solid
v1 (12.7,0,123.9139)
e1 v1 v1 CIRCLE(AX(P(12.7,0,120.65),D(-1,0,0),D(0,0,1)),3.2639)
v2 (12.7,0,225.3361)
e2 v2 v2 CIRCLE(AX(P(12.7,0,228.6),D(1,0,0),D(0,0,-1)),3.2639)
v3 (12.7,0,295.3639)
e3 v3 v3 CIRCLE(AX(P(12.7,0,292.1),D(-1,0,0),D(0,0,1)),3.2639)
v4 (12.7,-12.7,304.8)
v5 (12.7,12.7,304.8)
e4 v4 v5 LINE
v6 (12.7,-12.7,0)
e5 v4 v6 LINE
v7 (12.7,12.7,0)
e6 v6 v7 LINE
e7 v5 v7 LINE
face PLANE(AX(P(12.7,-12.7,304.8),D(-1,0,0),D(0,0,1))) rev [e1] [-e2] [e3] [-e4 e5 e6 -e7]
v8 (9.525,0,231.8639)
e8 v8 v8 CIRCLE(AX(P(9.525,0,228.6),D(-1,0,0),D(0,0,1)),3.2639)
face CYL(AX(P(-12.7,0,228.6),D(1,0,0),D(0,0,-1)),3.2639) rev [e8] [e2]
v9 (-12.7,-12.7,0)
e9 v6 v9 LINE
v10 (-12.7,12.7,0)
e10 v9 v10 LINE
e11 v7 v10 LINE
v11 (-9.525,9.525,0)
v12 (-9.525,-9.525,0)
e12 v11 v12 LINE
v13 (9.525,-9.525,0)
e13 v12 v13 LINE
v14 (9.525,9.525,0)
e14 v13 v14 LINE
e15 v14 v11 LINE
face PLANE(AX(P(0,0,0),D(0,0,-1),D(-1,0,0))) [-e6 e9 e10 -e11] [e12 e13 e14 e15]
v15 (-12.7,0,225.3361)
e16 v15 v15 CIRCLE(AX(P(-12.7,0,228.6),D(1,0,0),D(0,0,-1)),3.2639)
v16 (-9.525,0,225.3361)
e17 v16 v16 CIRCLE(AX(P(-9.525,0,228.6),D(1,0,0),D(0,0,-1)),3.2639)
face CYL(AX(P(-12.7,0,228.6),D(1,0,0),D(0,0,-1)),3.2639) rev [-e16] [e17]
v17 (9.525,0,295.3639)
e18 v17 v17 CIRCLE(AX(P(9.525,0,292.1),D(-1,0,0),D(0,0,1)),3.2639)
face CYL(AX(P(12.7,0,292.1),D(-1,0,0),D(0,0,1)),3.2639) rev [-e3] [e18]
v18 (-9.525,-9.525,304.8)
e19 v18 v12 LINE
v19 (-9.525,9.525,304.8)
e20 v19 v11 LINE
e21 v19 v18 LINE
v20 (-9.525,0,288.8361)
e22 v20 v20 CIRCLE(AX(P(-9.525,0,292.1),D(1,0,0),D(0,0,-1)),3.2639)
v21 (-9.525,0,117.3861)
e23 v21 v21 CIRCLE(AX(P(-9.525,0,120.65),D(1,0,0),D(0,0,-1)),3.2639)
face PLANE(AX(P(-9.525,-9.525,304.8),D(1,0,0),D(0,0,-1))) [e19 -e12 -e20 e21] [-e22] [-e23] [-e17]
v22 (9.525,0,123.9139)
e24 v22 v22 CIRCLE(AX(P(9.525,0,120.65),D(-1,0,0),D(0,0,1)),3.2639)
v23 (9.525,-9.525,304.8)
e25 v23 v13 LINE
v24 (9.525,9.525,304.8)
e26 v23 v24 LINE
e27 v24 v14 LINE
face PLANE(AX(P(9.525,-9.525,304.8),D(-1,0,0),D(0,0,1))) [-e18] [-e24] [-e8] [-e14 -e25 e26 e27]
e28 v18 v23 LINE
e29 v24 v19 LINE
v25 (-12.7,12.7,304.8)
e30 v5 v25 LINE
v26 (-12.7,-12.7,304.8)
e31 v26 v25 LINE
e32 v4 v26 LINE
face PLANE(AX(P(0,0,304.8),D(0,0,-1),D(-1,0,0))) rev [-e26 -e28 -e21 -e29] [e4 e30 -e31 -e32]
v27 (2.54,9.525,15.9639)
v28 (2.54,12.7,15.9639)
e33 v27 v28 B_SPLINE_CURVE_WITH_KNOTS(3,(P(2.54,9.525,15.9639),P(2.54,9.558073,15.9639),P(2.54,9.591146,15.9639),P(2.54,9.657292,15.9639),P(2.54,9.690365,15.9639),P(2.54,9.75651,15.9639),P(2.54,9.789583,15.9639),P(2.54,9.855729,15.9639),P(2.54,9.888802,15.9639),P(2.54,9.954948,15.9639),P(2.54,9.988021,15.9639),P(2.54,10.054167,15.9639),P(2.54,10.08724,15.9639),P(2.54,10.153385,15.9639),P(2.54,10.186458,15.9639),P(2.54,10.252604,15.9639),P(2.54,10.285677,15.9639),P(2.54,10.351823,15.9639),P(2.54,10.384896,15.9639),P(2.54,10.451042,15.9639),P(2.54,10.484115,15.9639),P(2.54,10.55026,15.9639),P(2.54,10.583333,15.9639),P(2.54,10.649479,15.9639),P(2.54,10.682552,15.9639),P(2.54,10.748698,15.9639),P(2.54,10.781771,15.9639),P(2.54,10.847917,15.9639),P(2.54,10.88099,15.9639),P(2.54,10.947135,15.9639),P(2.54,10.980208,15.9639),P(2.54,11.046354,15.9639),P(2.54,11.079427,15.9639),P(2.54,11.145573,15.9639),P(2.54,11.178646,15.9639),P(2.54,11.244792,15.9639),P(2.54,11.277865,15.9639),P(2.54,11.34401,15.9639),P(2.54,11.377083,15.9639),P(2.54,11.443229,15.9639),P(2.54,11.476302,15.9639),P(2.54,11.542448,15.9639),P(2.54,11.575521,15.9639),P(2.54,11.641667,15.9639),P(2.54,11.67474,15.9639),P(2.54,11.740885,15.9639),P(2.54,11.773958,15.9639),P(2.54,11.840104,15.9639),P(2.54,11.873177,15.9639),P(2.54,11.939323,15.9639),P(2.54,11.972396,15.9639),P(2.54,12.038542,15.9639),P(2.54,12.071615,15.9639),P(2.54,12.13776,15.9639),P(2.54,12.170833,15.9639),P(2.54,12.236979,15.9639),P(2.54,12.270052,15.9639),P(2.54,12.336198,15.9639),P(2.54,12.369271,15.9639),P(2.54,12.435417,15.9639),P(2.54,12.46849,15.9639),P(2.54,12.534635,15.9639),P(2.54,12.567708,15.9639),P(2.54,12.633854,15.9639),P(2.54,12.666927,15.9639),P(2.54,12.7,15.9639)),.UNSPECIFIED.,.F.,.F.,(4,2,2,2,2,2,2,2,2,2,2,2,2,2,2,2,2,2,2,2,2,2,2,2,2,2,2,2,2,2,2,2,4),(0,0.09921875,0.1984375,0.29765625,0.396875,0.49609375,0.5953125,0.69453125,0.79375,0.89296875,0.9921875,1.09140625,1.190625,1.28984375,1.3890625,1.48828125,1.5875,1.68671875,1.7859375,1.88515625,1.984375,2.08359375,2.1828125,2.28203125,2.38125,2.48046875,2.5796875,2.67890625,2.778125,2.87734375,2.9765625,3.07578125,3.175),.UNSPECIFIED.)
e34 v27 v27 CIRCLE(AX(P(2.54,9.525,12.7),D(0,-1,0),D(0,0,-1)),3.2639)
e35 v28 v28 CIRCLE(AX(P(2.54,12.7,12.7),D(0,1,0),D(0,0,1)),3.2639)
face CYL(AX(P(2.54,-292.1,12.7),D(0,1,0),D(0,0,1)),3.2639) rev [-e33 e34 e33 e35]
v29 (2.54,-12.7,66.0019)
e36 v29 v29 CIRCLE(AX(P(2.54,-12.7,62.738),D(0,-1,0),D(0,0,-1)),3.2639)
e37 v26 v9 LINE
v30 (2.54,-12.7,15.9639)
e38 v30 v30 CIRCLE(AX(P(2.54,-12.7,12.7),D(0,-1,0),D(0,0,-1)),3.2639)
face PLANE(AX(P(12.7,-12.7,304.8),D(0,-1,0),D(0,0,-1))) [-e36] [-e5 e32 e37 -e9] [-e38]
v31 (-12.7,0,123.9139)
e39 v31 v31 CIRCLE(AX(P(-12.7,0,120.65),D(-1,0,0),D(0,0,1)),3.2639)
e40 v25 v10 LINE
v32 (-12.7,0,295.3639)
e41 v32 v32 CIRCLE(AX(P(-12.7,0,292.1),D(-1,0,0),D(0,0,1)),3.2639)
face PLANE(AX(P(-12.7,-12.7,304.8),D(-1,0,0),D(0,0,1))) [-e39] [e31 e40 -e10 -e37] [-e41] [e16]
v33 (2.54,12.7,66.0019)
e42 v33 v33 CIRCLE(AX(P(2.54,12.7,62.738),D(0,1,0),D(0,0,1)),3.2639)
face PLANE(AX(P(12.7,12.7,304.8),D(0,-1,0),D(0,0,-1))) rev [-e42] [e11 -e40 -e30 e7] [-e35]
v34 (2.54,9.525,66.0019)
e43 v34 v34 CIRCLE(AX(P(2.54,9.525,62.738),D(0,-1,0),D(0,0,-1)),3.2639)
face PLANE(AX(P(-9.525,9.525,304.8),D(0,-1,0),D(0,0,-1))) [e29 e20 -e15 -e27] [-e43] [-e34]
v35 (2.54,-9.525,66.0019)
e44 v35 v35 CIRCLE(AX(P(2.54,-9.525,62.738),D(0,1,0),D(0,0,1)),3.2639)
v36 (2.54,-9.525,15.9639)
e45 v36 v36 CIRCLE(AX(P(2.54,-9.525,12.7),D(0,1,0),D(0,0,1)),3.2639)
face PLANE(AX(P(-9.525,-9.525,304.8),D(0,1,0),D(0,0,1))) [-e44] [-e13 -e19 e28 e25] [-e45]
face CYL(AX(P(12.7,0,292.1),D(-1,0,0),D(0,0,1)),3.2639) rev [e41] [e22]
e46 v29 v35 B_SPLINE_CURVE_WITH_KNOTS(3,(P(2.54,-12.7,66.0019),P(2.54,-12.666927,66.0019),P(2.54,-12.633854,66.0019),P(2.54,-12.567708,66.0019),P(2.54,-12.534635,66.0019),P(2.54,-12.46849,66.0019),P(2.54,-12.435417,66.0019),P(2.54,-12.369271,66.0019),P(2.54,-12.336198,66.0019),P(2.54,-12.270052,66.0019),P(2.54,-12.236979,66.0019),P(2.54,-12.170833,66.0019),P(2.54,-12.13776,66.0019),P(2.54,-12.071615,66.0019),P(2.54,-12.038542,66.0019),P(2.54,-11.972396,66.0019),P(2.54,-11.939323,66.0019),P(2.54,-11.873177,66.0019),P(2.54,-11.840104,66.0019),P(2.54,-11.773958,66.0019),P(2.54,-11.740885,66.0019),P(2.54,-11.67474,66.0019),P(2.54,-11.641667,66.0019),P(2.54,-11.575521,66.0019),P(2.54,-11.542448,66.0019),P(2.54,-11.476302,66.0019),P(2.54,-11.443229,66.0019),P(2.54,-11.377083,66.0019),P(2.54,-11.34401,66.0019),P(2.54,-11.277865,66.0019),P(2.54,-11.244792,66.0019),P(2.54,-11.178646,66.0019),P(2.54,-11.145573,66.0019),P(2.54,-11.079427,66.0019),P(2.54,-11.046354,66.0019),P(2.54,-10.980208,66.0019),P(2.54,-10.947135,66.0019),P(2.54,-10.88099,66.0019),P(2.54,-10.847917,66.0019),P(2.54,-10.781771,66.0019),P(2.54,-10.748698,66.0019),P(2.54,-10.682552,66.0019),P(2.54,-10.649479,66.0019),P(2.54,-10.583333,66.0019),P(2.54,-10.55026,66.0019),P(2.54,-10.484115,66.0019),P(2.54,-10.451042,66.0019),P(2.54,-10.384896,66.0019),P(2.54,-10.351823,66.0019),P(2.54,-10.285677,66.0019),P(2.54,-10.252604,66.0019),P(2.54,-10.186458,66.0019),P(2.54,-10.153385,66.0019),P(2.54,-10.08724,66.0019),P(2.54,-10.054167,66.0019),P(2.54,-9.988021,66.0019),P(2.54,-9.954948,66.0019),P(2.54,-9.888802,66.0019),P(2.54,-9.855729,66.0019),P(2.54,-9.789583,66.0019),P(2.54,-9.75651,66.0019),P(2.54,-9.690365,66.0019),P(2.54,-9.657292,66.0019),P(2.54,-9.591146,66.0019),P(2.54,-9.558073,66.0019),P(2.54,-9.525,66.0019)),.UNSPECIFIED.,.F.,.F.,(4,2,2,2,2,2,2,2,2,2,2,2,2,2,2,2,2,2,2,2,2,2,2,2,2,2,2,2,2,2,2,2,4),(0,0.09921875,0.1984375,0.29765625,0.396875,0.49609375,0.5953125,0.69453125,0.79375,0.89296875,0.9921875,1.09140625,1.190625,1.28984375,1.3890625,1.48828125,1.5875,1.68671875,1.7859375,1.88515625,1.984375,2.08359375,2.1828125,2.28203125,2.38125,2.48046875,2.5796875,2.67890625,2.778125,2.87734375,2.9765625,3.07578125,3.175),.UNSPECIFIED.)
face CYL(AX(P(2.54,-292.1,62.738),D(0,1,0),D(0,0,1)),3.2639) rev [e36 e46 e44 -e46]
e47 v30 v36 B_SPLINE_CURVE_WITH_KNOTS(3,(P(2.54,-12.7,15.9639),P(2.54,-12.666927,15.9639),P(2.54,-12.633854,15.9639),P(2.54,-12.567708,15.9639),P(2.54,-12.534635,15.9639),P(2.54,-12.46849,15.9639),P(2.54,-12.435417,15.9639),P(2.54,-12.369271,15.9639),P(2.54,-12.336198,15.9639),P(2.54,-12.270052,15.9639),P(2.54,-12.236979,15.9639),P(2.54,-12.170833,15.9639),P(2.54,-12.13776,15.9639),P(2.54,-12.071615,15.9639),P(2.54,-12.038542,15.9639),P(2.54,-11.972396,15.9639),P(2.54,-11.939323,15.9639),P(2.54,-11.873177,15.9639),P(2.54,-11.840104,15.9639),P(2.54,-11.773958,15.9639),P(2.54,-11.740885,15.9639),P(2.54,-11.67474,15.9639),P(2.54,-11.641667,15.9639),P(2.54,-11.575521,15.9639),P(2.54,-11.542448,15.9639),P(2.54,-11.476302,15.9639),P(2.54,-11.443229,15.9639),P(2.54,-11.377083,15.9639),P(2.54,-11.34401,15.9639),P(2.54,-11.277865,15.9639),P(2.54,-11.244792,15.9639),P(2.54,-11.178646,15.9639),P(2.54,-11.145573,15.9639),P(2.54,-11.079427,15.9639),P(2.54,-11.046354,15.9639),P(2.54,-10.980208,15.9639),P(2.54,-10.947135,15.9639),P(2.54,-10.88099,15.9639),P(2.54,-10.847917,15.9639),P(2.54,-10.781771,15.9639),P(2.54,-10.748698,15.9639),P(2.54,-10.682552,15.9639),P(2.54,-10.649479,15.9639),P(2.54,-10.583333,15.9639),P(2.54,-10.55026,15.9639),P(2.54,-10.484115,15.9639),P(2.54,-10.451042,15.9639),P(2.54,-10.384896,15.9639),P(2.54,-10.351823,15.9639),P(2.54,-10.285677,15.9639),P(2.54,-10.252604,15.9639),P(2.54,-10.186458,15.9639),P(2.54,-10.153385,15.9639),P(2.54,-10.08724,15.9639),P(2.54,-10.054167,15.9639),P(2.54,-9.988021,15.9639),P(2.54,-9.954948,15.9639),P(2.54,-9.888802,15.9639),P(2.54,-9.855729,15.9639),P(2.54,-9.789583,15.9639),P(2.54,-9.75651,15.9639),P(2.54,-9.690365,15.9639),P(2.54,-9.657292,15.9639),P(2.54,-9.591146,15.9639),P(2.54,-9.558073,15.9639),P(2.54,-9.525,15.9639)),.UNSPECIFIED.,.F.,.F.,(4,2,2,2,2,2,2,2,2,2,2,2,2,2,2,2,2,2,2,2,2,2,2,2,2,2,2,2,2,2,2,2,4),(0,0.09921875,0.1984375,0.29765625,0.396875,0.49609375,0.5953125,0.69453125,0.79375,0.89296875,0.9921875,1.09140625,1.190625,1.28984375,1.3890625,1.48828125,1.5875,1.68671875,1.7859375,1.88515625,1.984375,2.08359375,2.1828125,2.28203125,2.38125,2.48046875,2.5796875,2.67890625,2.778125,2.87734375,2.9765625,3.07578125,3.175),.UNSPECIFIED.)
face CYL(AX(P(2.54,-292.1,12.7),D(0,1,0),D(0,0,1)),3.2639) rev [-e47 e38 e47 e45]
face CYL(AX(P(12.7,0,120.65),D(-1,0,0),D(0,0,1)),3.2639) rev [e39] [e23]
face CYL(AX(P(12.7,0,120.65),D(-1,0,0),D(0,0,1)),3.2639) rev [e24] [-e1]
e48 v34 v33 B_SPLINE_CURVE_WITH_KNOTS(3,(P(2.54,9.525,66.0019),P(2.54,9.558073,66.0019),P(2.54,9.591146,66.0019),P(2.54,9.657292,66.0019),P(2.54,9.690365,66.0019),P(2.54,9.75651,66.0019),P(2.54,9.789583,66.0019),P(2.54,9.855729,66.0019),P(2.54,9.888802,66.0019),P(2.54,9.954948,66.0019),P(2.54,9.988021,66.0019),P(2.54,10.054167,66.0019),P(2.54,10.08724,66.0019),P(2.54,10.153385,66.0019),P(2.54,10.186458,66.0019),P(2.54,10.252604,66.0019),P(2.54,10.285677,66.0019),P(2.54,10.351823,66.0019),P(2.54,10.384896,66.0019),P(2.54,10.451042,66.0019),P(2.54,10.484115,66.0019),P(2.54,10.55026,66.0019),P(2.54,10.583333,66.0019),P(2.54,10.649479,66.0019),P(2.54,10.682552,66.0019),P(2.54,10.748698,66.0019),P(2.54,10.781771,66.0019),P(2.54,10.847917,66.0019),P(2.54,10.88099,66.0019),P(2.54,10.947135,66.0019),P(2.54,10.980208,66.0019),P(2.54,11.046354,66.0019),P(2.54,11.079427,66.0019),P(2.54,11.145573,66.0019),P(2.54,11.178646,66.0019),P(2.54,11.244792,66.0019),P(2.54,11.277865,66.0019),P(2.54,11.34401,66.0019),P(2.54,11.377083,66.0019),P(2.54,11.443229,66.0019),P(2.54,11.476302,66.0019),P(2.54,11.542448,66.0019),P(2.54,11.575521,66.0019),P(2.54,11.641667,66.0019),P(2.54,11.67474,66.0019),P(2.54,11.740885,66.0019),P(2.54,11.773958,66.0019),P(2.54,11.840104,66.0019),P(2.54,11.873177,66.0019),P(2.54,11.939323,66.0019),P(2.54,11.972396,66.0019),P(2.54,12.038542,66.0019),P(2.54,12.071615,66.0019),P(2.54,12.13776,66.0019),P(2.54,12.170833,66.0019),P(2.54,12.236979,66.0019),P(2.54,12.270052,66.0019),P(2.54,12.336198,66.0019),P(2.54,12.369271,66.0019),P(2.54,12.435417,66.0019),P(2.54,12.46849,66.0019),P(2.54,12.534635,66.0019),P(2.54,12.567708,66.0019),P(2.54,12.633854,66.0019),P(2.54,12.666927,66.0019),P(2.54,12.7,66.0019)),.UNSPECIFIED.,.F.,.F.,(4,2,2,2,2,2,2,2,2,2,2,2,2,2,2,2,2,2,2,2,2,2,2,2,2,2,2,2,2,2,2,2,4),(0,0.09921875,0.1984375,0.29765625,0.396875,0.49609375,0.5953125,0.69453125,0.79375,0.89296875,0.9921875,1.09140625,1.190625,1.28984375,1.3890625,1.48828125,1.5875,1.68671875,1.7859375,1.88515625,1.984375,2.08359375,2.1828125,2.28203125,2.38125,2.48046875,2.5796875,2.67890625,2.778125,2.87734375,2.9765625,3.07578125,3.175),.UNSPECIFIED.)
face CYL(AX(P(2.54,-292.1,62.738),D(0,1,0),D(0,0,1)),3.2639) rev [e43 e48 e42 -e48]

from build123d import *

# Parameters (mm, degrees)
SKETCH2_W           = 25.4
SKETCH2_H           = 25.4
BOSS_EXTRUDE1_DEPTH = 304.8
SKETCH4_W           = 19.05
SKETCH4_H           = 19.05
CUT_EXTRUDE1_DEPTH  = 306.328708116
SKETCH5_R           = 3.2639
CUT_EXTRUDE2_DEPTH  = 304.8
SKETCH6_R           = 3.2639
CUT_EXTRUDE3_DEPTH  = 304.8
SKETCH8_R           = 3.2639
CUT_EXTRUDE5_DEPTH  = 307.120058147
SKETCH9_R           = 3.2639
CUT_EXTRUDE6_DEPTH  = 307.120058147
SKETCH10_R          = 3.2639
CUT_EXTRUDE7_DEPTH  = 307.120058147


with BuildPart() as part:
    # Sketch2 → Boss-Extrude1 (new body)
    with BuildSketch(Plane.XY):
        Rectangle(SKETCH2_W, SKETCH2_H)
    extrude(amount=BOSS_EXTRUDE1_DEPTH)

    # Sketch4 → Cut-Extrude1 (cut, through all)
    with BuildSketch(Plane.XY):
        Rectangle(SKETCH4_W, SKETCH4_H)
    extrude(amount=CUT_EXTRUDE1_DEPTH, mode=Mode.SUBTRACT)

    # Sketch5 → Cut-Extrude2 (cut)
    with BuildSketch(Plane(origin=(0, 12.7, 0), x_dir=(1, 0, 0), z_dir=(0, 1, 0))):
        with Locations(Location((2.54, -12.7, 0), (0, 0, 270))):
            Circle(SKETCH5_R)
    extrude(amount=-CUT_EXTRUDE2_DEPTH, mode=Mode.SUBTRACT)

    # Sketch6 → Cut-Extrude3 (cut)
    with BuildSketch(Plane(origin=(0, 12.7, 0), x_dir=(1, 0, 0), z_dir=(0, 1, 0))):
        with Locations(Location((2.54, -62.738, 0), (0, 0, 270))):
            Circle(SKETCH6_R)
    extrude(amount=-CUT_EXTRUDE3_DEPTH, mode=Mode.SUBTRACT)

    # Sketch8 → Cut-Extrude5 (cut, through all)
    with BuildSketch(Plane.ZY.offset(12.7)):
        with Locations((292.1, 0)):
            Circle(SKETCH8_R)
    extrude(amount=-CUT_EXTRUDE5_DEPTH, mode=Mode.SUBTRACT)

    # Sketch9 → Cut-Extrude6 (cut, through all)
    with BuildSketch(Plane(origin=(12.7, 0, 0), x_dir=(0, 0, -1), z_dir=(1, 0, 0))):
        with Locations((-228.6, 0)):
            Circle(SKETCH9_R)
    extrude(amount=-CUT_EXTRUDE6_DEPTH, mode=Mode.SUBTRACT)

    # Sketch10 → Cut-Extrude7 (cut, through all)
    with BuildSketch(Plane.ZY.offset(12.7)):
        with Locations((120.65, 0)):
            Circle(SKETCH10_R)
    extrude(amount=-CUT_EXTRUDE7_DEPTH, mode=Mode.SUBTRACT)


solid = part.part
